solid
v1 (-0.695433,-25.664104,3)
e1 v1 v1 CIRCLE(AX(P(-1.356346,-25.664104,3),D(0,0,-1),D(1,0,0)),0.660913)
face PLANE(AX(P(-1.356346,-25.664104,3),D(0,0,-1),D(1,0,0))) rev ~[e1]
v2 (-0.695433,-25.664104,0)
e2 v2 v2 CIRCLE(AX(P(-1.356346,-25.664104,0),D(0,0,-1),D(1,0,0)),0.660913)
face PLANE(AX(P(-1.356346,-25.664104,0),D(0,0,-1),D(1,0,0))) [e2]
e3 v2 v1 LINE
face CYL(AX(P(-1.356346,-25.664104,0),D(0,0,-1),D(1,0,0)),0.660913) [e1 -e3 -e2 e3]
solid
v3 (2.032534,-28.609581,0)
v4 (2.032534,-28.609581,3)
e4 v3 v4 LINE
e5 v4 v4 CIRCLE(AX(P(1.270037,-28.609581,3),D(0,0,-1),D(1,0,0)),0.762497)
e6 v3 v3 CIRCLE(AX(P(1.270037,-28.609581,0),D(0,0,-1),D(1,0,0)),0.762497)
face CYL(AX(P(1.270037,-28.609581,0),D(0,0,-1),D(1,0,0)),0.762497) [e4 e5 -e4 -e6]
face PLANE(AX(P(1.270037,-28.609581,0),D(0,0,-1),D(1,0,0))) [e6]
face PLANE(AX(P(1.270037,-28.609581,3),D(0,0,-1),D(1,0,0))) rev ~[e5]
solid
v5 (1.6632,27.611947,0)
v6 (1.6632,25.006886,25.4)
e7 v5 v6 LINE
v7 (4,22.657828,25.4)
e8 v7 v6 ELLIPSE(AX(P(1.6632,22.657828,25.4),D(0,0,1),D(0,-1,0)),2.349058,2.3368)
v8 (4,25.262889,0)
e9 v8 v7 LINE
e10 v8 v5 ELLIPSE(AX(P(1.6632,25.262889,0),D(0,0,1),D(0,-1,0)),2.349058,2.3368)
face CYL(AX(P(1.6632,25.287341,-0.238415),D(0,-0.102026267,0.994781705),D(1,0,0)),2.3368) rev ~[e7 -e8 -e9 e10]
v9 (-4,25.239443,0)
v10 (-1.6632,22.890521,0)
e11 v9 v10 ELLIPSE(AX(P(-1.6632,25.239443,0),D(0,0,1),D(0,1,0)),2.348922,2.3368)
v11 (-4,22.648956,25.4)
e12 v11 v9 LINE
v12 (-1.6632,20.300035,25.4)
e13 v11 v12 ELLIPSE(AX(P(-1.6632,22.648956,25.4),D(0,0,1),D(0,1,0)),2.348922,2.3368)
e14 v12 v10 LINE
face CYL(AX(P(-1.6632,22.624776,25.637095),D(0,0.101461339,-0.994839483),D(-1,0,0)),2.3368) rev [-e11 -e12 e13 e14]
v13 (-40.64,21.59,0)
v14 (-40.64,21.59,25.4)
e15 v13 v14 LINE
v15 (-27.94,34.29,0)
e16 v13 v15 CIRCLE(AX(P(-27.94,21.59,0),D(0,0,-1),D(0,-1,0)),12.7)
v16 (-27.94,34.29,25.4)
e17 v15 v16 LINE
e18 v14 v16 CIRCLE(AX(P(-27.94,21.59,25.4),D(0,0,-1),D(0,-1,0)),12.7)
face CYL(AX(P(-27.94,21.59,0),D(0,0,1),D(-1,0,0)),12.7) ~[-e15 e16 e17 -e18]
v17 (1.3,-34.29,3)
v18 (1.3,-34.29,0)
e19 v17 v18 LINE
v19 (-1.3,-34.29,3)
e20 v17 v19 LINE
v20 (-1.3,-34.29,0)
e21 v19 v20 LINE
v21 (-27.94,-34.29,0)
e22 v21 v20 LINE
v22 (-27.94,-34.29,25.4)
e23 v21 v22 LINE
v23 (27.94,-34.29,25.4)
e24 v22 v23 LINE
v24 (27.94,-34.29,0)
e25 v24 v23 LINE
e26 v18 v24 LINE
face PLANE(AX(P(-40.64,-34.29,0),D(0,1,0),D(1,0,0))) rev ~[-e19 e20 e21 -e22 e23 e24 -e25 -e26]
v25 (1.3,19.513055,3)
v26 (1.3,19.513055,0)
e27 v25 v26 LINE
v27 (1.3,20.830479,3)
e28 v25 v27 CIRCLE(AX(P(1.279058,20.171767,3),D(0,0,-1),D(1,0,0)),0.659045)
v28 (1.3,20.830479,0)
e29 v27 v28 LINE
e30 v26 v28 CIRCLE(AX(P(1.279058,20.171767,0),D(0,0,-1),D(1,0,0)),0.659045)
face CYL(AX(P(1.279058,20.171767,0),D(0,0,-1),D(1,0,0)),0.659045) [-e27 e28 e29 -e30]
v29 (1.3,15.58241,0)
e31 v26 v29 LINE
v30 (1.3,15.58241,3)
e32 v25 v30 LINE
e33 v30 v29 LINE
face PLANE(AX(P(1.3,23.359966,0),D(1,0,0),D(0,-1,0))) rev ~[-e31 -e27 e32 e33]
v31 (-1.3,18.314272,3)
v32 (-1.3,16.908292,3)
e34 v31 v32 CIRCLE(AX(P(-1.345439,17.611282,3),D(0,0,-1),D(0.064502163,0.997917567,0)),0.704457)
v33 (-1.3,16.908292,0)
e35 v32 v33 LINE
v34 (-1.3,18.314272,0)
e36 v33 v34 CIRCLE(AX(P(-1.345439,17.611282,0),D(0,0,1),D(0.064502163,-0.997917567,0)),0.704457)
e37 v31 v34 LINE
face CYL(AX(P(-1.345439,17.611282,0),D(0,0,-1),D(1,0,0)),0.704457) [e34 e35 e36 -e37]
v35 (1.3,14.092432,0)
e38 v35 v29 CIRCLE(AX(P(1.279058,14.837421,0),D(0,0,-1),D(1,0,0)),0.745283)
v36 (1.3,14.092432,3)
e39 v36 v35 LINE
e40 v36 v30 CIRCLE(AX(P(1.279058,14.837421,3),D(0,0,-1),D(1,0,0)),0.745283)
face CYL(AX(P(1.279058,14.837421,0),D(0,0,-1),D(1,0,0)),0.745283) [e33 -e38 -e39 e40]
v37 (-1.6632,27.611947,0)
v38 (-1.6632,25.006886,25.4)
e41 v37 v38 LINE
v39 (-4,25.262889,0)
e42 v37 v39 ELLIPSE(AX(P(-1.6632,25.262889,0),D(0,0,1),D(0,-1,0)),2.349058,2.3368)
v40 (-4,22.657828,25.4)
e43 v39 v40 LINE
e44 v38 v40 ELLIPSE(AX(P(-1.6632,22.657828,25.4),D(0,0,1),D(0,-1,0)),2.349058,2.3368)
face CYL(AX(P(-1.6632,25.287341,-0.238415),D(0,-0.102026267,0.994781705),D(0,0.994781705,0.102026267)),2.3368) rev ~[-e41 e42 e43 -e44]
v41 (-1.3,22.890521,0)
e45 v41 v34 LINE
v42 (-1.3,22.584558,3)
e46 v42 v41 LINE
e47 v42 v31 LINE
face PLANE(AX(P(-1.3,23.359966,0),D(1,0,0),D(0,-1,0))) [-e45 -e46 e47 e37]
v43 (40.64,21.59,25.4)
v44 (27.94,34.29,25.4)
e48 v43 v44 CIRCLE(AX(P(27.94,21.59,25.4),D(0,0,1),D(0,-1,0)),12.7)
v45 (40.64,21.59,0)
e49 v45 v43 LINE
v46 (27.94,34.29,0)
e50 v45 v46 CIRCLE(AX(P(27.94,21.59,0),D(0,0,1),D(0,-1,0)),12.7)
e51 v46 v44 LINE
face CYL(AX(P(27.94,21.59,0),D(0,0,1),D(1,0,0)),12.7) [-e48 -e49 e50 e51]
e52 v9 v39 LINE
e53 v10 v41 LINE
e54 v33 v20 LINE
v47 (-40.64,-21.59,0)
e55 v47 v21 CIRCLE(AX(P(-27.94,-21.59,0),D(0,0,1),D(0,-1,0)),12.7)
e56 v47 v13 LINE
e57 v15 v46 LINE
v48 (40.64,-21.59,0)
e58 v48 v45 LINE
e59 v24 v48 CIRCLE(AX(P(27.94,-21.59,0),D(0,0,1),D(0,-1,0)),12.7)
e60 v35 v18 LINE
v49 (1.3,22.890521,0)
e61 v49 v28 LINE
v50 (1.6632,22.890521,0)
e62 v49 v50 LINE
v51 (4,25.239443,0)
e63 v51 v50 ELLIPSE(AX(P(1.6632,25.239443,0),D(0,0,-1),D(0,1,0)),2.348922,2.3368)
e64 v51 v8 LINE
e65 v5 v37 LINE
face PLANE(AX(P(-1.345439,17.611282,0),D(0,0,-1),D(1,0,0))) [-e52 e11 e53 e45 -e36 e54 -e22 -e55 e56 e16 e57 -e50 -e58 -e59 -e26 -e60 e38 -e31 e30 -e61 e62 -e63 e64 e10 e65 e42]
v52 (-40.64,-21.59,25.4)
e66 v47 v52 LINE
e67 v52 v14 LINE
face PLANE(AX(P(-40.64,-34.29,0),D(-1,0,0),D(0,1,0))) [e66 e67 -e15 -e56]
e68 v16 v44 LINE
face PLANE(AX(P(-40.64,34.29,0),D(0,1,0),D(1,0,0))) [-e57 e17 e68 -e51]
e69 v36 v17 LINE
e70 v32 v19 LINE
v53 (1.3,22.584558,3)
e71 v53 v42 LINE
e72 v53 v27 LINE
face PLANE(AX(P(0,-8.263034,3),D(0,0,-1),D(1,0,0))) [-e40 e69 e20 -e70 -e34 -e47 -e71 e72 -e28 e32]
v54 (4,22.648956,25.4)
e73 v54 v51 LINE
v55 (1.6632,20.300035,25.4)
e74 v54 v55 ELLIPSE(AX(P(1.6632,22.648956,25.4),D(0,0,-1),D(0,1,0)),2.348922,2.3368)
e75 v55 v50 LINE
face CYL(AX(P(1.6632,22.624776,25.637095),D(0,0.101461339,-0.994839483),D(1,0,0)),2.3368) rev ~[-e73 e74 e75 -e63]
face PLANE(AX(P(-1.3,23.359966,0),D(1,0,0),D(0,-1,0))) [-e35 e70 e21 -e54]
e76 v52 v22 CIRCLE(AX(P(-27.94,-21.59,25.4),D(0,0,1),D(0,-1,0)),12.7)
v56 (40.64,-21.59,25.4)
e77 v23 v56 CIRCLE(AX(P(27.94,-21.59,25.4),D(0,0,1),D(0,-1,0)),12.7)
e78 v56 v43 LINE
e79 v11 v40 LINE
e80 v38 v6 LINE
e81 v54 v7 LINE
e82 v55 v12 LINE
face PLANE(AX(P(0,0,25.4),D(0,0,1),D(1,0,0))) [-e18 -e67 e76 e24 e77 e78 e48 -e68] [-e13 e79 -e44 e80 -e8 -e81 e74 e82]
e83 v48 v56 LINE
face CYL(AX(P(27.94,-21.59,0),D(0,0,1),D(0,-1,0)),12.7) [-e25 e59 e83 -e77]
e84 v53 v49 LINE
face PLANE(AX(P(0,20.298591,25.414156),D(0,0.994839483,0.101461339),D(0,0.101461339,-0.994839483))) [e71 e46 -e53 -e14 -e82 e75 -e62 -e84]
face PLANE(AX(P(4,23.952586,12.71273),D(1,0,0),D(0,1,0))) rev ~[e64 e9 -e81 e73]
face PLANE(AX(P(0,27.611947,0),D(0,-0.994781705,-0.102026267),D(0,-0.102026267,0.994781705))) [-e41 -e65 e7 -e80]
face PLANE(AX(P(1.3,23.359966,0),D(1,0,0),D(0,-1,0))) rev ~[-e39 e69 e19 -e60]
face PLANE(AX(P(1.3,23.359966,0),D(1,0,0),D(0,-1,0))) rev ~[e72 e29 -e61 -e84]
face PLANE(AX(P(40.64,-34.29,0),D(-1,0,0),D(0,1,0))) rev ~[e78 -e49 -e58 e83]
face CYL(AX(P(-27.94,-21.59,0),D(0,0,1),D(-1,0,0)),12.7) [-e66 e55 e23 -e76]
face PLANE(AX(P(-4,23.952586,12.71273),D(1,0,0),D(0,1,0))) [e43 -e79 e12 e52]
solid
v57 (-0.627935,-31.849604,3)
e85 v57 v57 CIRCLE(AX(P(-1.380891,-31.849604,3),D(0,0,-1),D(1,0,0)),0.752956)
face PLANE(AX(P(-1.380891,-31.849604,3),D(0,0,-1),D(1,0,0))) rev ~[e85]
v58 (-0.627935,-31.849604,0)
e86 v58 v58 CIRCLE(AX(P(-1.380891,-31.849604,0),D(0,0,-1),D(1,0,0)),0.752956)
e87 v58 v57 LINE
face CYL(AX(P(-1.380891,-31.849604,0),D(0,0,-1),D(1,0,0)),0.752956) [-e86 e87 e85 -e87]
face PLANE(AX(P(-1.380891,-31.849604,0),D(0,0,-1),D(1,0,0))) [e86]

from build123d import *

# Parameters (mm, degrees)
F0_W      = 81.28
F0_H      = 68.58
F1_DEPTH  = 25.4
F2_R      = 12.7
F6_DEPTH  = 4
F7_DEPTH  = 4
F8_R      = 2.3368
F9_W      = 2.6
F9_H      = 63.246
F10_DEPTH = 3
F11_R     = 0.704457
F11_R_2   = 0.745283
F11_R_3   = 0.659045
F12_DEPTH = 3
F13_R     = 0.752956
F13_R_2   = 0.762497
F13_R_3   = 0.660913
F14_DEPTH = 3


with BuildPart() as f1:
    # F0 (on Top) → F1 (new body)
    with BuildSketch(Plane.XY):
        Rectangle(F0_W, F0_H)
    extrude(amount=F1_DEPTH)

    # F2
    f2_edges = [f1.edges().sort_by_distance(p)[0] for p in [
        (-40.64, 34.29, 12.7),
        (40.64, 34.29, 12.7),
        (40.64, -34.29, 12.7),
        (-40.64, -34.29, 12.7),
    ]]
    fillet(f2_edges, radius=F2_R)

    # F5 (on Right) → F6 (cut)
    with BuildSketch(Plane.YZ):
        Polygon((25.001539, 25.452133), (20.298591, 25.414156), (22.890521, 0), (27.611947, 0), align=None)
    extrude(amount=-F6_DEPTH, mode=Mode.SUBTRACT)

    # F5 (on Right) → F7 (cut)
    with BuildSketch(Plane.YZ):
        Polygon((25.001539, 25.452133), (20.298591, 25.414156), (22.890521, 0), (27.611947, 0), align=None)
    extrude(amount=F7_DEPTH, mode=Mode.SUBTRACT)

    # F8
    f8_edges = [f1.edges().sort_by_distance(p)[0] for p in [
        (4, 26.309416, 12.7),
        (4, 21.595278, 12.7),
        (-4, 21.595278, 12.7),
        (-4, 26.309416, 12.7),
    ]]
    fillet(f8_edges, radius=F8_R)

    # F9 (on face) → F10 (cut)
    with BuildSketch(Plane(origin=(0, 0, 0), x_dir=(1, 0, 0), z_dir=(0, 0, -1))):
        with Locations((0, 8.263034)):
            Rectangle(F9_W, F9_H)
    extrude(amount=-F10_DEPTH, mode=Mode.SUBTRACT)

    # F11 (on face) → F12 (join)
    with BuildSketch(Plane(origin=(0, 0, 0), x_dir=(1, 0, 0), z_dir=(0, 0, -1))):
        with Locations((-1.345439, -17.611282)):
            Circle(F11_R)
        with Locations((1.279058, -14.837421)):
            Circle(F11_R_2)
        with Locations((1.279058, -20.171767)):
            Circle(F11_R_3)
    extrude(amount=-F12_DEPTH)


with BuildPart() as f14:
    # F13 (on face) → F14 (new body)
    with BuildSketch(Plane(origin=(0, 0, 0), x_dir=(1, 0, 0), z_dir=(0, 0, -1))):
        with Locations((-1.380891, 31.849604)):
            Circle(F13_R)
        with Locations((1.270037, 28.609581)):
            Circle(F13_R_2)
        with Locations((-1.356346, 25.664104)):
            Circle(F13_R_3)
    extrude(amount=-F14_DEPTH)


solid = Compound([f1.part, f14.part])
